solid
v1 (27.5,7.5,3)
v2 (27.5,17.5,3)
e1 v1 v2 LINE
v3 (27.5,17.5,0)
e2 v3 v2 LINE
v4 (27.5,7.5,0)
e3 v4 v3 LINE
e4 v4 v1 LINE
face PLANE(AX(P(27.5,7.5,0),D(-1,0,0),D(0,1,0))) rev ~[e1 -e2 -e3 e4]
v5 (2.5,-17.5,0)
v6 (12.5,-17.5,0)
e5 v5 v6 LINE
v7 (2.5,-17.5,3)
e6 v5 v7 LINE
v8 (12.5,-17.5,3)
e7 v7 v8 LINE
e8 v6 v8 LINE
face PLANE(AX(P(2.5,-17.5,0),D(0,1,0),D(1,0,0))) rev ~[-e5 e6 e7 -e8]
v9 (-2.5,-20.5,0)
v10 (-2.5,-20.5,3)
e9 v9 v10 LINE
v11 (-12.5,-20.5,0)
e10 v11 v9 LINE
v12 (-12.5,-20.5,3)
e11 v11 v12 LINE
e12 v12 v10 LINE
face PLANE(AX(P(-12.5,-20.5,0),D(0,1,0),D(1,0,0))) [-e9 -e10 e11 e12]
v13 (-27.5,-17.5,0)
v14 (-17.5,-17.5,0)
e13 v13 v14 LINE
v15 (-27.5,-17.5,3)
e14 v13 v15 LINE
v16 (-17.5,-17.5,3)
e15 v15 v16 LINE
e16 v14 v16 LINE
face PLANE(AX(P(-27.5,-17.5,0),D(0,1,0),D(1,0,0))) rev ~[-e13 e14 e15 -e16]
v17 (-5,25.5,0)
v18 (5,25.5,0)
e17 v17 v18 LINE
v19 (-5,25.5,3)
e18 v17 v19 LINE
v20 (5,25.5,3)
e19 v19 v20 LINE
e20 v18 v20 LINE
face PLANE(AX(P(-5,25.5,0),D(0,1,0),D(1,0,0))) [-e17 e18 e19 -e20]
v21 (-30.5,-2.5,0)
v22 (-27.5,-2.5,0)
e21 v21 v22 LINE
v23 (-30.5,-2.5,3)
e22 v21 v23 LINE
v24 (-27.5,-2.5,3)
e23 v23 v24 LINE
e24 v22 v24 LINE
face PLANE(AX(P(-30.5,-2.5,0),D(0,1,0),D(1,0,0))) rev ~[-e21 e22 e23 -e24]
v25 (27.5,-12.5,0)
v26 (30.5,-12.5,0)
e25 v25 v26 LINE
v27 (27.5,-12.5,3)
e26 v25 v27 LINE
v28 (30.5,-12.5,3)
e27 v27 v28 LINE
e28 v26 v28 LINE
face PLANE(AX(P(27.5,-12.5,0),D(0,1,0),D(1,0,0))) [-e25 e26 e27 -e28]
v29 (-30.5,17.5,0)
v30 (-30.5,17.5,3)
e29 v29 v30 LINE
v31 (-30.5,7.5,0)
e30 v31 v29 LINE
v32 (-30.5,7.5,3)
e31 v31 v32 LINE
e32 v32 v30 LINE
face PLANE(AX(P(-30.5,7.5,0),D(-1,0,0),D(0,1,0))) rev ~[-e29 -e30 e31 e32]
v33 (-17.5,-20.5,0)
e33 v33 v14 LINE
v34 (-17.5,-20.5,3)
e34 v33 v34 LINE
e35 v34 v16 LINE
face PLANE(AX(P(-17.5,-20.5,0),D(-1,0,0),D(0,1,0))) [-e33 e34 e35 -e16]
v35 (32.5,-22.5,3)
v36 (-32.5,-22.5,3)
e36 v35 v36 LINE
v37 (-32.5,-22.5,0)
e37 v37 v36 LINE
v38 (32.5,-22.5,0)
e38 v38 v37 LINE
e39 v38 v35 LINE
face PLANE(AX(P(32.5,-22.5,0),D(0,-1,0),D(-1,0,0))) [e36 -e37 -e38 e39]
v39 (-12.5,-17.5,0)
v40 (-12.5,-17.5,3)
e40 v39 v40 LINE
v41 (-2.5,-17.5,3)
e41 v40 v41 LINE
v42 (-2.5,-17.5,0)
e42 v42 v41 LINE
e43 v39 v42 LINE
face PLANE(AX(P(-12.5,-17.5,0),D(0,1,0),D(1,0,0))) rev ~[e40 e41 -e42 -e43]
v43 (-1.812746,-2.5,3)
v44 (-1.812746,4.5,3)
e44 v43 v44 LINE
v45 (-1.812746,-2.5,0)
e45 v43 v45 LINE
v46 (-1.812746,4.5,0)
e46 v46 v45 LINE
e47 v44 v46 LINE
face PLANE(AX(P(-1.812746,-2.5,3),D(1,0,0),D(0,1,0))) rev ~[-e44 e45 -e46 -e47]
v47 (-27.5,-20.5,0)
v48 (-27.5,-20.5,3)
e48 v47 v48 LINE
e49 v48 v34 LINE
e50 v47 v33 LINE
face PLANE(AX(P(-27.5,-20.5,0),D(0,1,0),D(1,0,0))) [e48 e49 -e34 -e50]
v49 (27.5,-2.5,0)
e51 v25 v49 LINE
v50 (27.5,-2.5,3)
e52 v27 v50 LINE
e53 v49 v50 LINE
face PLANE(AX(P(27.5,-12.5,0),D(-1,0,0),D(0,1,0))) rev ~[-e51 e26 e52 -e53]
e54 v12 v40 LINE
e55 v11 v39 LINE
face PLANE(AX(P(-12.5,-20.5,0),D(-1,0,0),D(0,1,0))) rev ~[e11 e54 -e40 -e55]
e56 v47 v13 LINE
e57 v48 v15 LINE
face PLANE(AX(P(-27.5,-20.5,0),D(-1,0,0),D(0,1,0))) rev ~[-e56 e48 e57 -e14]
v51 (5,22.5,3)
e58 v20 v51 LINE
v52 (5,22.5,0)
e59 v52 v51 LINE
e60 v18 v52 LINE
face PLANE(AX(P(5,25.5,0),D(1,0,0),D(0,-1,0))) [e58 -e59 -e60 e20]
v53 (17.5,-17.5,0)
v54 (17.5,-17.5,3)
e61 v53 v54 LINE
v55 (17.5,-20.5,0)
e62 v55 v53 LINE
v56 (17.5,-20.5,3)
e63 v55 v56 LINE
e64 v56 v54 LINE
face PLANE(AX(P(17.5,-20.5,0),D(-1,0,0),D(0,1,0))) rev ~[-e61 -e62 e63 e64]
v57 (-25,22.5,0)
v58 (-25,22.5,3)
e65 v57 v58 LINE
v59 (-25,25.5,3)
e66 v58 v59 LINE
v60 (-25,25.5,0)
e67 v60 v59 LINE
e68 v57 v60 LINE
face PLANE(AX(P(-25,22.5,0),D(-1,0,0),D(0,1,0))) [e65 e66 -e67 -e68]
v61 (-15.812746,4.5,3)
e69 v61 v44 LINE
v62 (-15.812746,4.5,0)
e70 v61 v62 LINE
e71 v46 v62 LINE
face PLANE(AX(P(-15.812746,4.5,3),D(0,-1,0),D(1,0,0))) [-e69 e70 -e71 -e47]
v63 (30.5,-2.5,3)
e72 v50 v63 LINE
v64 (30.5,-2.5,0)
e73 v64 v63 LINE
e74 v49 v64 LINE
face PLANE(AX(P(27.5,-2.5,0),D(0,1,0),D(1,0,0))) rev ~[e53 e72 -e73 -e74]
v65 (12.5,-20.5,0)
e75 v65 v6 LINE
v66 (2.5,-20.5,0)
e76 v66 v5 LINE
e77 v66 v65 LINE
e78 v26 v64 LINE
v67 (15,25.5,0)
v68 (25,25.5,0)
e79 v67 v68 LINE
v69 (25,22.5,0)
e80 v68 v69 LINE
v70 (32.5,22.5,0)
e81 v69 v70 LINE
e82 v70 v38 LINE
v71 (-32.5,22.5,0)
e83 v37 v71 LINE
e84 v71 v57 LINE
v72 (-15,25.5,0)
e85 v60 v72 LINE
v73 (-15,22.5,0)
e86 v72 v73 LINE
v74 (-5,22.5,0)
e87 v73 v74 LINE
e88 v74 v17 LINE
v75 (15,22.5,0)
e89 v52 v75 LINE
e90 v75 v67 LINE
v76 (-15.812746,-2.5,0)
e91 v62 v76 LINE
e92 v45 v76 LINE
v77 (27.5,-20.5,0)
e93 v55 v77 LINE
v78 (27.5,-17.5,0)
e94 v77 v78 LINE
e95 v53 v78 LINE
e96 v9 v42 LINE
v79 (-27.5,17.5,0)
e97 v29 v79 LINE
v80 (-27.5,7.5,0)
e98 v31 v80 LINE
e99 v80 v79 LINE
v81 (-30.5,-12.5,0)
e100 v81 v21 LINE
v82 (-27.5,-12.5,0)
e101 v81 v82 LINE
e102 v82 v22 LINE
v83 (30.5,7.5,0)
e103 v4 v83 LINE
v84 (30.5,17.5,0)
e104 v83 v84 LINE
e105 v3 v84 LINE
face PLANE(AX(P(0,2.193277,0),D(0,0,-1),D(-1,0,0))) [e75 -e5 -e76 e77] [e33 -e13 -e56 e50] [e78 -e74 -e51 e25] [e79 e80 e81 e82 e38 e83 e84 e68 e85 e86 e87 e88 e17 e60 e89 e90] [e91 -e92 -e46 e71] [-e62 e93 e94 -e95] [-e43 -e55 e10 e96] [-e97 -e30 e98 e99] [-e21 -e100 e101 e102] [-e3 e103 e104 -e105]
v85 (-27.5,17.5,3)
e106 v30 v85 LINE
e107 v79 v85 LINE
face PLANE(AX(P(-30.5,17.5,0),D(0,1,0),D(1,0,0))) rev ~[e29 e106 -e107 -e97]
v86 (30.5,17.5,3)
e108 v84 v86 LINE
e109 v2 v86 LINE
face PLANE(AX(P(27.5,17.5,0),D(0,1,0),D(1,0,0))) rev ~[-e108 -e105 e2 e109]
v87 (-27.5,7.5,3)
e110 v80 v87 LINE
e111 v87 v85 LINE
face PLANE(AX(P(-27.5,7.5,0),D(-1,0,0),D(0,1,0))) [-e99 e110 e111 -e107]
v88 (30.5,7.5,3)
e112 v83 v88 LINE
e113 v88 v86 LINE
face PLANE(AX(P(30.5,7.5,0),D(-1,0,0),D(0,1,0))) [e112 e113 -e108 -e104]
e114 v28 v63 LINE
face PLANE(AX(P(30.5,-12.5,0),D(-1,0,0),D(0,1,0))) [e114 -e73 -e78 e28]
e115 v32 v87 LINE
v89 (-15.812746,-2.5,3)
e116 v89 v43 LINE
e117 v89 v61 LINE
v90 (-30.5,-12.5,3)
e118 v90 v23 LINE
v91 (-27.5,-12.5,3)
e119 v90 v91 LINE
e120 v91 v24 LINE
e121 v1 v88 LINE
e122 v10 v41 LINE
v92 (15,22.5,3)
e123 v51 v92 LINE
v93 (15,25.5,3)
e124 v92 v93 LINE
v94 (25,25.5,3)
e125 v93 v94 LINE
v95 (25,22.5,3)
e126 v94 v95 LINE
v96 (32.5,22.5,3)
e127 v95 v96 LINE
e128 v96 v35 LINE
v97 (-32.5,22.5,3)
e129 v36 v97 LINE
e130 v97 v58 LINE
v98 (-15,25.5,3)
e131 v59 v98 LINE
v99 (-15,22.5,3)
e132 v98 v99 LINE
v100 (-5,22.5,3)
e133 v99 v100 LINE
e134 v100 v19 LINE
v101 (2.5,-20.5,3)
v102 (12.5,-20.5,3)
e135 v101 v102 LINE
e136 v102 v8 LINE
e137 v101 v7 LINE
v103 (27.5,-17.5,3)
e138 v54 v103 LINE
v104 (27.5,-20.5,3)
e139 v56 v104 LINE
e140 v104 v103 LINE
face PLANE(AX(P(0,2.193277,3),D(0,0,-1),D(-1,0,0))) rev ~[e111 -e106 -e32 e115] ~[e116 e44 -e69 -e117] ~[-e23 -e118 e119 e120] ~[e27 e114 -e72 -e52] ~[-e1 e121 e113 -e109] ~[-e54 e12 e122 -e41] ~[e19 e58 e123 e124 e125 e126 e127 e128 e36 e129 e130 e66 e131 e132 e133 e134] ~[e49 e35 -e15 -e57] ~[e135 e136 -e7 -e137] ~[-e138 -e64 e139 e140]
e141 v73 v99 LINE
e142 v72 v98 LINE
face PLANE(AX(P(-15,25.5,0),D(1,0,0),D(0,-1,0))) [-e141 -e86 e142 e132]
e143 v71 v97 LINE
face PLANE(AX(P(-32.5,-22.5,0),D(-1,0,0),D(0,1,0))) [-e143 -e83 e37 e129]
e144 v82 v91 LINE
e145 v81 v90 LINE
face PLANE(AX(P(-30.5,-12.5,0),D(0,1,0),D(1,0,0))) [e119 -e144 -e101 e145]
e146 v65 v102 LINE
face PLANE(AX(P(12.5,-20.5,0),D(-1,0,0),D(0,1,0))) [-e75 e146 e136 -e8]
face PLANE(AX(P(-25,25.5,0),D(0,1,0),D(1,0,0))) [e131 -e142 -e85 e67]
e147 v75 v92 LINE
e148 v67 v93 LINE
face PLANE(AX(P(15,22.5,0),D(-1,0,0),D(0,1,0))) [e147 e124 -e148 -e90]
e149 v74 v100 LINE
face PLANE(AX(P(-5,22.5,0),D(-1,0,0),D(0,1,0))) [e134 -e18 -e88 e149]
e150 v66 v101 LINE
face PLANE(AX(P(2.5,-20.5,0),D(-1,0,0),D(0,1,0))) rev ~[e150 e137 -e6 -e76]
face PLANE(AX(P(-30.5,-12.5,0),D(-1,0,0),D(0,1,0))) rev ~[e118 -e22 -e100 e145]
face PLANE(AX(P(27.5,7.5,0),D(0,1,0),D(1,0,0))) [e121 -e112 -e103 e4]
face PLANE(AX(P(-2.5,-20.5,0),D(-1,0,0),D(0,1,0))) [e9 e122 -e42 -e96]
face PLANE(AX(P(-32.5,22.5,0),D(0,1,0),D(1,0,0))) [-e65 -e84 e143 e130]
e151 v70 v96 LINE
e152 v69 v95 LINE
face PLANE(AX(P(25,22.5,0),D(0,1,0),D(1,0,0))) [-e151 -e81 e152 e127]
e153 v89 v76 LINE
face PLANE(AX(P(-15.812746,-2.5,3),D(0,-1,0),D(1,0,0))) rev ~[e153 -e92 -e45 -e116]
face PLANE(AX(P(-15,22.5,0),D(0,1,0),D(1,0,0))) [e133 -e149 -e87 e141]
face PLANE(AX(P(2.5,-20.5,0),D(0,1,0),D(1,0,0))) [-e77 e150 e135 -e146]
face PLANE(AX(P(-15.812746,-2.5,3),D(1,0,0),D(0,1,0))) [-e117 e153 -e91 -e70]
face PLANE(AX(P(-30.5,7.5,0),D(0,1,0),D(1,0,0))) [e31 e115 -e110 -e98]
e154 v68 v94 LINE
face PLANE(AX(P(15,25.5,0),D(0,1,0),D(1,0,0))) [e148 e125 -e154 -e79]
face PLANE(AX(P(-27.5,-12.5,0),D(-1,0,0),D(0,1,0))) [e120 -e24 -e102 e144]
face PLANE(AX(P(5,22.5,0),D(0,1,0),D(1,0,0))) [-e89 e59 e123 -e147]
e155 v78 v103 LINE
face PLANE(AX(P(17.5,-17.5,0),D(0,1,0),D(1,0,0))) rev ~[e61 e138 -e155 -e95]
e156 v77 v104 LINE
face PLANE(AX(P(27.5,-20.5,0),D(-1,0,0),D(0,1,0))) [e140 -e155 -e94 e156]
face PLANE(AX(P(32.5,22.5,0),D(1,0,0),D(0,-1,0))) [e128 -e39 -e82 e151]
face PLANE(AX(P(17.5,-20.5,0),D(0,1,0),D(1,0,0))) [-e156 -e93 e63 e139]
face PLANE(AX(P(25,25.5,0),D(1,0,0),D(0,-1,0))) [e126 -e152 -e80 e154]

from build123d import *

# Parameters (mm, degrees)
SKETCH_1_W          = 10
SKETCH_1_H          = 3
SKETCH_1_W_2        = 3
SKETCH_1_H_2        = 10
EXTRUDE_1_DEPTH     = 3
SKETCH_2_W          = 14
SKETCH_2_H          = 7
CUT_EXTRUDE_1_DEPTH = 10


with BuildPart() as part:
    # 草图1 → 凸台-拉伸1 (new body)
    with BuildSketch(Plane.XY):
        Polygon((-5, 22.5), (-5, 25.5), (5, 25.5), (5, 22.5), (15, 22.5), (15, 25.5), (25, 25.5), (25, 22.5), (32.5, 22.5), (32.5, -22.5), (-32.5, -22.5), (-32.5, 22.5), (-25, 22.5), (-25, 25.5), (-15, 25.5), (-15, 22.5), align=None)
        with Locations((-7.5, -19)):
            Rectangle(SKETCH_1_W, SKETCH_1_H, mode=Mode.SUBTRACT)
        with Locations((-22.5, -19)):
            Rectangle(SKETCH_1_W, SKETCH_1_H, mode=Mode.SUBTRACT)
        with Locations((7.5, -19)):
            Rectangle(SKETCH_1_W, SKETCH_1_H, mode=Mode.SUBTRACT)
        with Locations((22.5, -19)):
            Rectangle(SKETCH_1_W, SKETCH_1_H, mode=Mode.SUBTRACT)
        with Locations((-29, -7.5)):
            Rectangle(SKETCH_1_W_2, SKETCH_1_H_2, mode=Mode.SUBTRACT)
        with Locations((-29, 12.5)):
            Rectangle(SKETCH_1_W_2, SKETCH_1_H_2, mode=Mode.SUBTRACT)
        with Locations((29, -7.5)):
            Rectangle(SKETCH_1_W_2, SKETCH_1_H_2, mode=Mode.SUBTRACT)
        with Locations((29, 12.5)):
            Rectangle(SKETCH_1_W_2, SKETCH_1_H_2, mode=Mode.SUBTRACT)
    extrude(amount=EXTRUDE_1_DEPTH)

    # 草图2 → 切除-拉伸1 (cut)
    with BuildSketch(Plane.XY.offset(3)):
        with Locations((-8.812746432, 1)):
            Rectangle(SKETCH_2_W, SKETCH_2_H)
    extrude(amount=-CUT_EXTRUDE_1_DEPTH, mode=Mode.SUBTRACT)


solid = part.part
